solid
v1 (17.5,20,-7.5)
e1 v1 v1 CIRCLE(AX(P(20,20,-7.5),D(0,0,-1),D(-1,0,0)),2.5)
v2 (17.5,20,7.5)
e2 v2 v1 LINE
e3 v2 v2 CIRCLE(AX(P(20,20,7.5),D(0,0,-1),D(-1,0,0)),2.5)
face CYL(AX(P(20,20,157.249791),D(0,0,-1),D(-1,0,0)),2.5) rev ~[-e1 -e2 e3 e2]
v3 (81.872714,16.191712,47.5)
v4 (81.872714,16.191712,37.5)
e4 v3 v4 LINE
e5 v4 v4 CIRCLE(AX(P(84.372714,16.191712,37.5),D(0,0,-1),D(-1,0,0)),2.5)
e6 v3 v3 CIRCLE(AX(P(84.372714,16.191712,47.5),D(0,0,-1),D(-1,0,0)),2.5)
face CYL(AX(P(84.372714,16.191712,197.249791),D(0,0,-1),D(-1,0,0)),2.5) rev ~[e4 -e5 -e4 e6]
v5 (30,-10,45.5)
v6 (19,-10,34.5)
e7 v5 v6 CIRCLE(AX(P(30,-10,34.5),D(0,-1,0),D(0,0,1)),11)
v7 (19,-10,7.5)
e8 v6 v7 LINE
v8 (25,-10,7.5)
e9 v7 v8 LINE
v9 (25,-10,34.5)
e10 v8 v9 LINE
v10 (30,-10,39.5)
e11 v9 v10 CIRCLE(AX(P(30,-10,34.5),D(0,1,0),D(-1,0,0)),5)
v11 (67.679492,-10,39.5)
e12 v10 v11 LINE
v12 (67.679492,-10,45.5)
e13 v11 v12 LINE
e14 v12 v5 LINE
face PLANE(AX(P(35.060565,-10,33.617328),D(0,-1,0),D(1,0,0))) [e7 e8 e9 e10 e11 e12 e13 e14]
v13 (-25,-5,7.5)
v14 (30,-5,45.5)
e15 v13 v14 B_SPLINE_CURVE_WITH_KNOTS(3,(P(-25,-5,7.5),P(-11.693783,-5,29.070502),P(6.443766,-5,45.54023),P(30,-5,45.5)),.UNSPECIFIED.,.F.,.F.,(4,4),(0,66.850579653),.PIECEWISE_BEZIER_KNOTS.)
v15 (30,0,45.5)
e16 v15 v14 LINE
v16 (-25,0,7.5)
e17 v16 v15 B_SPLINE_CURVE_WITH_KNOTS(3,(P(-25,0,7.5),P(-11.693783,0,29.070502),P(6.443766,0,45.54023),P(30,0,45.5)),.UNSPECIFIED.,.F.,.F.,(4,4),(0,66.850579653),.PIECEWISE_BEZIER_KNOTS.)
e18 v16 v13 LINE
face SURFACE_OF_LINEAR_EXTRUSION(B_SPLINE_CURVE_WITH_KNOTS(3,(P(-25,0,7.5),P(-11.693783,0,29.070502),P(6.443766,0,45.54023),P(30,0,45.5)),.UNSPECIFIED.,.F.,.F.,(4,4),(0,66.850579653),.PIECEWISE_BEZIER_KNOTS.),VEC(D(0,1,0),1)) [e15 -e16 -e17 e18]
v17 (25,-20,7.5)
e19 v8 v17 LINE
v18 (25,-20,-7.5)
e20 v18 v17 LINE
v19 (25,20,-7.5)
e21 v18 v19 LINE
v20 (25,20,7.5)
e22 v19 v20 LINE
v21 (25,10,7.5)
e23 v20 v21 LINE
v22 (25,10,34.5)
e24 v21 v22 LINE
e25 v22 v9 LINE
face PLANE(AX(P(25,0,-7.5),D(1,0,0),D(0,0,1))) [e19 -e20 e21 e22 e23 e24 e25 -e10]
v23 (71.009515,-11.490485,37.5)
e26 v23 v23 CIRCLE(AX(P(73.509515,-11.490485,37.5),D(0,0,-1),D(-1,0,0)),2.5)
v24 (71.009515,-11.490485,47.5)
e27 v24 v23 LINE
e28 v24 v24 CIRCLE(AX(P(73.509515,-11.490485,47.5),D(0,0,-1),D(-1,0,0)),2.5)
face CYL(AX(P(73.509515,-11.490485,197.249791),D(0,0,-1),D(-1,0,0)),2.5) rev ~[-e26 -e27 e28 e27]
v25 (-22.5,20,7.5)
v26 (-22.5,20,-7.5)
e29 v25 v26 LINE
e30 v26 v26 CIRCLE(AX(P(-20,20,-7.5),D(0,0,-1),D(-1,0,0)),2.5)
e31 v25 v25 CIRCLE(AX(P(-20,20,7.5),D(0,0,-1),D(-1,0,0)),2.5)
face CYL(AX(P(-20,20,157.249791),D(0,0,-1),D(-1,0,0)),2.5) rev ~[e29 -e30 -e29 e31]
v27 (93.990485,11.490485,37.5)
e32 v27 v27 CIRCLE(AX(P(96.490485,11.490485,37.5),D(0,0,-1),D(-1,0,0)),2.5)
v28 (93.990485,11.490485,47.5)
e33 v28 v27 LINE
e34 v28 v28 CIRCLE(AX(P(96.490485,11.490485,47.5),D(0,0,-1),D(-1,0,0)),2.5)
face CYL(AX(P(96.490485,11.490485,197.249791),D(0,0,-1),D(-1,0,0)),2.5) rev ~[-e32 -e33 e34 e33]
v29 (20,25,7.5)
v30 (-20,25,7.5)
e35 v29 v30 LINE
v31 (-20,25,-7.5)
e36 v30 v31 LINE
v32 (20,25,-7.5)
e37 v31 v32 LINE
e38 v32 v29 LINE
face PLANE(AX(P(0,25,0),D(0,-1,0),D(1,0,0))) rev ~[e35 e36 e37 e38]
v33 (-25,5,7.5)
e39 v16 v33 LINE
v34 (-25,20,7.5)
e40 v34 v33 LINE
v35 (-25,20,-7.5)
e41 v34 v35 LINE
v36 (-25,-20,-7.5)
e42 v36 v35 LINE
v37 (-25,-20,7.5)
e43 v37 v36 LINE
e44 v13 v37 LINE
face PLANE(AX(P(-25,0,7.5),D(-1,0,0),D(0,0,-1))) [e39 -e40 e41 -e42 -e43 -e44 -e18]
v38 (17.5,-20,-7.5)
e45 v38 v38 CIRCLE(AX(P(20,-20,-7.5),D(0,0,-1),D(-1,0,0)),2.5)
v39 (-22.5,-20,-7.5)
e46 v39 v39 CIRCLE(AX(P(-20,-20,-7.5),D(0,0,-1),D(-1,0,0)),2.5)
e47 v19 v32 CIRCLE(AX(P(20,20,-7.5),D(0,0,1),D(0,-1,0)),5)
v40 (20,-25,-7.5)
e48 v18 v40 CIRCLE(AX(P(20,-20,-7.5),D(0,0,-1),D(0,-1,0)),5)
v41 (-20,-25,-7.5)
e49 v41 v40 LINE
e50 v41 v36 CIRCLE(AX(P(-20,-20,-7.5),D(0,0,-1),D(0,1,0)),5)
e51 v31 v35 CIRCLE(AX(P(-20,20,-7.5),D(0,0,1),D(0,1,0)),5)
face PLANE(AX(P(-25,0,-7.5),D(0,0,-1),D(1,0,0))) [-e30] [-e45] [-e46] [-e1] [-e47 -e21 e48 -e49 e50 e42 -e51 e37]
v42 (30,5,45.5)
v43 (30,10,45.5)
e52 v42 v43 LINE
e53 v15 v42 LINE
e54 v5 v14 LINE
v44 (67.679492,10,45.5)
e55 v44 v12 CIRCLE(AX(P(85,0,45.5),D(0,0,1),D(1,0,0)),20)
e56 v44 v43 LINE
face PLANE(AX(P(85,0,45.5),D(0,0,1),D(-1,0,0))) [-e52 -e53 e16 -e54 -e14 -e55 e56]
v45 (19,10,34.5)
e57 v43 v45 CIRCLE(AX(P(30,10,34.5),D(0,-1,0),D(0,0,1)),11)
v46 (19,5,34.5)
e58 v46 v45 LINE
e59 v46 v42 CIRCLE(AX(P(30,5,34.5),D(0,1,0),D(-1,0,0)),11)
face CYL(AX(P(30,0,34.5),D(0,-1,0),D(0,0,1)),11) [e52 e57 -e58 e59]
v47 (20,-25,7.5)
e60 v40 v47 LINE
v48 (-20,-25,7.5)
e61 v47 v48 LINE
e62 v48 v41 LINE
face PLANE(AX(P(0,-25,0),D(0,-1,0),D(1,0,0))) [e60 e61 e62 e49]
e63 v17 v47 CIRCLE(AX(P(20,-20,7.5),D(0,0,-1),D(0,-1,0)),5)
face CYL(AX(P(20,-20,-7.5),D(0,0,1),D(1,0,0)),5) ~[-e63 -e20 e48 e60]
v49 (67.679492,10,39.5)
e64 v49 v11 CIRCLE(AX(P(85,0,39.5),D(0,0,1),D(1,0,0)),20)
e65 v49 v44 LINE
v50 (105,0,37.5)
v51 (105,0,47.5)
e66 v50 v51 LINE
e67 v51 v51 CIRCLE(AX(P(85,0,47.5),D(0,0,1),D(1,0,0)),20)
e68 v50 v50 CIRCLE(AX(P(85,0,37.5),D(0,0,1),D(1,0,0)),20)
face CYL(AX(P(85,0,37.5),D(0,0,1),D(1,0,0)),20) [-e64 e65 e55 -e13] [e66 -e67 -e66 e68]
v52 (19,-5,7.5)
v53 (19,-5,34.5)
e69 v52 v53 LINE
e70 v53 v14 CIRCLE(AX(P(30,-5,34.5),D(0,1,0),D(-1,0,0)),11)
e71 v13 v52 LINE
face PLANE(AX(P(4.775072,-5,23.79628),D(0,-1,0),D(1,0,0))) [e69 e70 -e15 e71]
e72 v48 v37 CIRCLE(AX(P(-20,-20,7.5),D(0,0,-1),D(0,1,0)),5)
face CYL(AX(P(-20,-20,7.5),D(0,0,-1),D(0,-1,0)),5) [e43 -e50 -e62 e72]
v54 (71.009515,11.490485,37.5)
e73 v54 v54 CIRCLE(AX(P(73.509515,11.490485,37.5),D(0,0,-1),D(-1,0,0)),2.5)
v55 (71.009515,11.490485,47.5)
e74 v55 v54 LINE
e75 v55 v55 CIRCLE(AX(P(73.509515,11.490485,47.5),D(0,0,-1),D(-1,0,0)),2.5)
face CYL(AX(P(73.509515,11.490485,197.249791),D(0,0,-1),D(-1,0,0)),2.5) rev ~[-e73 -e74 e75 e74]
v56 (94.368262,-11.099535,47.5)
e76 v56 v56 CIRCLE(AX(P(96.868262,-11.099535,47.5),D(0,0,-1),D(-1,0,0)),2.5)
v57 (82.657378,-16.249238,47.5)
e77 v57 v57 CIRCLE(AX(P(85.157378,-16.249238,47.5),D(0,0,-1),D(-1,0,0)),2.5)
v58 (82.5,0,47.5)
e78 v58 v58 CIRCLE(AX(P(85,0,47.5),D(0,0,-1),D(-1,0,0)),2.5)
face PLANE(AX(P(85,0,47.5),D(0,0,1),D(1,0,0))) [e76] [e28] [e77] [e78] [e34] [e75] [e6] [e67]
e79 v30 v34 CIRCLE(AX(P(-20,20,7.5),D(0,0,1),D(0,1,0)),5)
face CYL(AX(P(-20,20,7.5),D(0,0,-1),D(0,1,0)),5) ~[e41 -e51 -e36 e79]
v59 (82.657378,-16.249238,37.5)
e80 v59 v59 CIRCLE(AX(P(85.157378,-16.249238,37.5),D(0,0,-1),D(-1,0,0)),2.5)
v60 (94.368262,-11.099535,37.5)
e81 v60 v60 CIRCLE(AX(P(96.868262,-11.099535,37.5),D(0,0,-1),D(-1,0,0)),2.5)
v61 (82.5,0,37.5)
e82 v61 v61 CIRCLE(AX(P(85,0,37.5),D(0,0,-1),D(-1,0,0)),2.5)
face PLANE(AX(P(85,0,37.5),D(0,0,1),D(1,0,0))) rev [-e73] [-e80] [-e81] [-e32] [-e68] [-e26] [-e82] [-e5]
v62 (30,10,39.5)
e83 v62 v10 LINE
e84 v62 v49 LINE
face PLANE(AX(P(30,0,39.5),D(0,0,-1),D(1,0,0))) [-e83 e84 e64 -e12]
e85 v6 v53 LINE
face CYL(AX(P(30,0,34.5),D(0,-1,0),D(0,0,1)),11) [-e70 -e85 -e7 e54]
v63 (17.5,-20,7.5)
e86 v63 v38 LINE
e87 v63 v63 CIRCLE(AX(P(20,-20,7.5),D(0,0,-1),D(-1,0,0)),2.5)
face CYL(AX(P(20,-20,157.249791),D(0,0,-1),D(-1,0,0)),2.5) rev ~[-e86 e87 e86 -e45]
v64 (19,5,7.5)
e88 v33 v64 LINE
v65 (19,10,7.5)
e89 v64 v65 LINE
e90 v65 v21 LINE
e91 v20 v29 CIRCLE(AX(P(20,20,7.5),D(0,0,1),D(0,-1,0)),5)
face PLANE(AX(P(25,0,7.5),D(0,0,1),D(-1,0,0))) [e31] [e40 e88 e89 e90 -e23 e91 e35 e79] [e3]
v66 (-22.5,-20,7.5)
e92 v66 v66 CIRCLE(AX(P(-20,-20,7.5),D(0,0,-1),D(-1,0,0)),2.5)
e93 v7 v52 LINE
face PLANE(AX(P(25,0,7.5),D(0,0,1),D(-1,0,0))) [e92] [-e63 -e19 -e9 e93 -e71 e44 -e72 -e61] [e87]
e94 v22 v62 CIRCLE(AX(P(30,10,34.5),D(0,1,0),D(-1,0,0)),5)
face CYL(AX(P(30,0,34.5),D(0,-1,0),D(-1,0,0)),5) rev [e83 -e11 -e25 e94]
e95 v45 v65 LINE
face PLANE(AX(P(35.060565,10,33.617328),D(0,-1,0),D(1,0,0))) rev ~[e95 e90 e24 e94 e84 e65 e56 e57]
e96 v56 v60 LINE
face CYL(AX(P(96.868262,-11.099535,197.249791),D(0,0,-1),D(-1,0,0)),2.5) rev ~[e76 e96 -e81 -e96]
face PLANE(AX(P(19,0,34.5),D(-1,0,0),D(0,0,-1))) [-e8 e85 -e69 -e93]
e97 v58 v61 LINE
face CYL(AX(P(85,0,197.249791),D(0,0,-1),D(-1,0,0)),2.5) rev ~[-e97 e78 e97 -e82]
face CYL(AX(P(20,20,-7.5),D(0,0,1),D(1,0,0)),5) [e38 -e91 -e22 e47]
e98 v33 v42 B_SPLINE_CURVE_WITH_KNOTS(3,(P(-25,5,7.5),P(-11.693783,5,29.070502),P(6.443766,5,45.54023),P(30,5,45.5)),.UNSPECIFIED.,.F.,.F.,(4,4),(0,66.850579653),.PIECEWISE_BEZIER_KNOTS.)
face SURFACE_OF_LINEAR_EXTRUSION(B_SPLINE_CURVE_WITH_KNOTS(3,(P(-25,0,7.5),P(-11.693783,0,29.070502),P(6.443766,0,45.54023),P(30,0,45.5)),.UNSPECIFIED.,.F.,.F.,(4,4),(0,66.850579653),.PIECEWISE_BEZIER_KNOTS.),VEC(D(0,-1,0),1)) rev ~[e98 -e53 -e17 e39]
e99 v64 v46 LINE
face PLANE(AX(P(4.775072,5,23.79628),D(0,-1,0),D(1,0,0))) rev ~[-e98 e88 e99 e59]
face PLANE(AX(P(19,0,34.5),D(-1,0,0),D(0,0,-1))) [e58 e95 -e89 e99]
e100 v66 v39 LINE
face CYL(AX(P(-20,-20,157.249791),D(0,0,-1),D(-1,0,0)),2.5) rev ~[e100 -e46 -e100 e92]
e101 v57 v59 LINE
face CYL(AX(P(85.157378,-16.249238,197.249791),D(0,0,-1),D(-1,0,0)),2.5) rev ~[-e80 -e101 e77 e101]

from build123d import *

# Parameters (mm, degrees)
F1_DEPTH = 25
F2_DEPTH = 5
F0_W     = 20
F0_H     = 6
F3_DEPTH = 10
F5_R     = 5
F7_D     = 5
F9_D     = 5


with BuildPart() as f1:
    # F0 (on Front) → F1 (new body, symmetric)
    with BuildSketch(Plane.XZ):
        Polygon((25, -7.5), (25, 7.5), (19, 7.5), (-25, 7.5), (-25, -7.5), align=None)
    extrude(amount=F1_DEPTH, both=True)

    # F0 (on Front) → F2 (join, symmetric)
    with BuildSketch(Plane.XZ):
        with BuildLine():
            Line((-25, 7.5), (19, 7.5))
            Line((19, 7.5), (19, 34.5))
            ThreePointArc((19, 34.5), (22.2218254069, 42.2781745931), (30, 45.5))
            add(Edge.make_bspline(
                [(-25, 7.5), (-11.6937831044, 29.0705016255), (6.4437664114, 45.5402298272), (30, 45.5)],
                knots=[0, 0, 0, 0, 66.8505796534, 66.8505796534, 66.8505796534, 66.8505796534], degree=3))
        make_face()
    extrude(amount=F2_DEPTH, both=True)

    # F0 (on Front) → F3 (join, symmetric)
    with BuildSketch(Plane.XZ):
        with BuildLine():
            Line((19, 7.5), (25, 7.5))
            Line((25, 7.5), (25, 34.5))
            ThreePointArc((25, 34.5), (26.4644660941, 38.0355339059), (30, 39.5))
            Line((30, 39.5), (65, 39.5))
            Line((65, 39.5), (65, 45.5))
            Line((65, 45.5), (30, 45.5))
            ThreePointArc((30, 45.5), (22.2218254069, 42.2781745931), (19, 34.5))
            Line((19, 34.5), (19, 7.5))
        make_face()
        with Locations((75, 42.5)):
            Rectangle(F0_W, F0_H)
    extrude(amount=F3_DEPTH, both=True)

    # F0 (on Front) → F4 (revolve)
    with BuildSketch(Plane.XZ):
        Polygon((85, 45.5), (85, 39.5), (85, 37.5), (105, 37.5), (105, 47.5), (85, 47.5), align=None)
    revolve(axis=Axis((85, 0, 42.5), (0, 0, 1)))

    # F5
    f5_edges = [f1.edges().sort_by_distance(p)[0] for p in [
        (25, 25, 0),
        (-25, 25, 0),
        (25, -25, 0),
        (-25, -25, 0),
    ]]
    fillet(f5_edges, radius=F5_R)

    # F7 (through all)
    with Locations(Plane.XY.offset(7.5)):
        with Locations((20, 20), (-20, 20), (20, -20), (-20, -20)):
            Hole(F7_D / 2)

    # F9 (through all)
    with Locations(Plane.XY.offset(47.5)):
        with Locations((85, 0), (73.5095148057, 11.4904851943), (96.4904851943, 11.4904851943), (73.5095148057, -11.4904851943), (96.8682619299, -11.0995354601), (85.1573778884, -16.249237896), (84.3727141619, 16.1917116493)):
            Hole(F9_D / 2)


solid = f1.part
